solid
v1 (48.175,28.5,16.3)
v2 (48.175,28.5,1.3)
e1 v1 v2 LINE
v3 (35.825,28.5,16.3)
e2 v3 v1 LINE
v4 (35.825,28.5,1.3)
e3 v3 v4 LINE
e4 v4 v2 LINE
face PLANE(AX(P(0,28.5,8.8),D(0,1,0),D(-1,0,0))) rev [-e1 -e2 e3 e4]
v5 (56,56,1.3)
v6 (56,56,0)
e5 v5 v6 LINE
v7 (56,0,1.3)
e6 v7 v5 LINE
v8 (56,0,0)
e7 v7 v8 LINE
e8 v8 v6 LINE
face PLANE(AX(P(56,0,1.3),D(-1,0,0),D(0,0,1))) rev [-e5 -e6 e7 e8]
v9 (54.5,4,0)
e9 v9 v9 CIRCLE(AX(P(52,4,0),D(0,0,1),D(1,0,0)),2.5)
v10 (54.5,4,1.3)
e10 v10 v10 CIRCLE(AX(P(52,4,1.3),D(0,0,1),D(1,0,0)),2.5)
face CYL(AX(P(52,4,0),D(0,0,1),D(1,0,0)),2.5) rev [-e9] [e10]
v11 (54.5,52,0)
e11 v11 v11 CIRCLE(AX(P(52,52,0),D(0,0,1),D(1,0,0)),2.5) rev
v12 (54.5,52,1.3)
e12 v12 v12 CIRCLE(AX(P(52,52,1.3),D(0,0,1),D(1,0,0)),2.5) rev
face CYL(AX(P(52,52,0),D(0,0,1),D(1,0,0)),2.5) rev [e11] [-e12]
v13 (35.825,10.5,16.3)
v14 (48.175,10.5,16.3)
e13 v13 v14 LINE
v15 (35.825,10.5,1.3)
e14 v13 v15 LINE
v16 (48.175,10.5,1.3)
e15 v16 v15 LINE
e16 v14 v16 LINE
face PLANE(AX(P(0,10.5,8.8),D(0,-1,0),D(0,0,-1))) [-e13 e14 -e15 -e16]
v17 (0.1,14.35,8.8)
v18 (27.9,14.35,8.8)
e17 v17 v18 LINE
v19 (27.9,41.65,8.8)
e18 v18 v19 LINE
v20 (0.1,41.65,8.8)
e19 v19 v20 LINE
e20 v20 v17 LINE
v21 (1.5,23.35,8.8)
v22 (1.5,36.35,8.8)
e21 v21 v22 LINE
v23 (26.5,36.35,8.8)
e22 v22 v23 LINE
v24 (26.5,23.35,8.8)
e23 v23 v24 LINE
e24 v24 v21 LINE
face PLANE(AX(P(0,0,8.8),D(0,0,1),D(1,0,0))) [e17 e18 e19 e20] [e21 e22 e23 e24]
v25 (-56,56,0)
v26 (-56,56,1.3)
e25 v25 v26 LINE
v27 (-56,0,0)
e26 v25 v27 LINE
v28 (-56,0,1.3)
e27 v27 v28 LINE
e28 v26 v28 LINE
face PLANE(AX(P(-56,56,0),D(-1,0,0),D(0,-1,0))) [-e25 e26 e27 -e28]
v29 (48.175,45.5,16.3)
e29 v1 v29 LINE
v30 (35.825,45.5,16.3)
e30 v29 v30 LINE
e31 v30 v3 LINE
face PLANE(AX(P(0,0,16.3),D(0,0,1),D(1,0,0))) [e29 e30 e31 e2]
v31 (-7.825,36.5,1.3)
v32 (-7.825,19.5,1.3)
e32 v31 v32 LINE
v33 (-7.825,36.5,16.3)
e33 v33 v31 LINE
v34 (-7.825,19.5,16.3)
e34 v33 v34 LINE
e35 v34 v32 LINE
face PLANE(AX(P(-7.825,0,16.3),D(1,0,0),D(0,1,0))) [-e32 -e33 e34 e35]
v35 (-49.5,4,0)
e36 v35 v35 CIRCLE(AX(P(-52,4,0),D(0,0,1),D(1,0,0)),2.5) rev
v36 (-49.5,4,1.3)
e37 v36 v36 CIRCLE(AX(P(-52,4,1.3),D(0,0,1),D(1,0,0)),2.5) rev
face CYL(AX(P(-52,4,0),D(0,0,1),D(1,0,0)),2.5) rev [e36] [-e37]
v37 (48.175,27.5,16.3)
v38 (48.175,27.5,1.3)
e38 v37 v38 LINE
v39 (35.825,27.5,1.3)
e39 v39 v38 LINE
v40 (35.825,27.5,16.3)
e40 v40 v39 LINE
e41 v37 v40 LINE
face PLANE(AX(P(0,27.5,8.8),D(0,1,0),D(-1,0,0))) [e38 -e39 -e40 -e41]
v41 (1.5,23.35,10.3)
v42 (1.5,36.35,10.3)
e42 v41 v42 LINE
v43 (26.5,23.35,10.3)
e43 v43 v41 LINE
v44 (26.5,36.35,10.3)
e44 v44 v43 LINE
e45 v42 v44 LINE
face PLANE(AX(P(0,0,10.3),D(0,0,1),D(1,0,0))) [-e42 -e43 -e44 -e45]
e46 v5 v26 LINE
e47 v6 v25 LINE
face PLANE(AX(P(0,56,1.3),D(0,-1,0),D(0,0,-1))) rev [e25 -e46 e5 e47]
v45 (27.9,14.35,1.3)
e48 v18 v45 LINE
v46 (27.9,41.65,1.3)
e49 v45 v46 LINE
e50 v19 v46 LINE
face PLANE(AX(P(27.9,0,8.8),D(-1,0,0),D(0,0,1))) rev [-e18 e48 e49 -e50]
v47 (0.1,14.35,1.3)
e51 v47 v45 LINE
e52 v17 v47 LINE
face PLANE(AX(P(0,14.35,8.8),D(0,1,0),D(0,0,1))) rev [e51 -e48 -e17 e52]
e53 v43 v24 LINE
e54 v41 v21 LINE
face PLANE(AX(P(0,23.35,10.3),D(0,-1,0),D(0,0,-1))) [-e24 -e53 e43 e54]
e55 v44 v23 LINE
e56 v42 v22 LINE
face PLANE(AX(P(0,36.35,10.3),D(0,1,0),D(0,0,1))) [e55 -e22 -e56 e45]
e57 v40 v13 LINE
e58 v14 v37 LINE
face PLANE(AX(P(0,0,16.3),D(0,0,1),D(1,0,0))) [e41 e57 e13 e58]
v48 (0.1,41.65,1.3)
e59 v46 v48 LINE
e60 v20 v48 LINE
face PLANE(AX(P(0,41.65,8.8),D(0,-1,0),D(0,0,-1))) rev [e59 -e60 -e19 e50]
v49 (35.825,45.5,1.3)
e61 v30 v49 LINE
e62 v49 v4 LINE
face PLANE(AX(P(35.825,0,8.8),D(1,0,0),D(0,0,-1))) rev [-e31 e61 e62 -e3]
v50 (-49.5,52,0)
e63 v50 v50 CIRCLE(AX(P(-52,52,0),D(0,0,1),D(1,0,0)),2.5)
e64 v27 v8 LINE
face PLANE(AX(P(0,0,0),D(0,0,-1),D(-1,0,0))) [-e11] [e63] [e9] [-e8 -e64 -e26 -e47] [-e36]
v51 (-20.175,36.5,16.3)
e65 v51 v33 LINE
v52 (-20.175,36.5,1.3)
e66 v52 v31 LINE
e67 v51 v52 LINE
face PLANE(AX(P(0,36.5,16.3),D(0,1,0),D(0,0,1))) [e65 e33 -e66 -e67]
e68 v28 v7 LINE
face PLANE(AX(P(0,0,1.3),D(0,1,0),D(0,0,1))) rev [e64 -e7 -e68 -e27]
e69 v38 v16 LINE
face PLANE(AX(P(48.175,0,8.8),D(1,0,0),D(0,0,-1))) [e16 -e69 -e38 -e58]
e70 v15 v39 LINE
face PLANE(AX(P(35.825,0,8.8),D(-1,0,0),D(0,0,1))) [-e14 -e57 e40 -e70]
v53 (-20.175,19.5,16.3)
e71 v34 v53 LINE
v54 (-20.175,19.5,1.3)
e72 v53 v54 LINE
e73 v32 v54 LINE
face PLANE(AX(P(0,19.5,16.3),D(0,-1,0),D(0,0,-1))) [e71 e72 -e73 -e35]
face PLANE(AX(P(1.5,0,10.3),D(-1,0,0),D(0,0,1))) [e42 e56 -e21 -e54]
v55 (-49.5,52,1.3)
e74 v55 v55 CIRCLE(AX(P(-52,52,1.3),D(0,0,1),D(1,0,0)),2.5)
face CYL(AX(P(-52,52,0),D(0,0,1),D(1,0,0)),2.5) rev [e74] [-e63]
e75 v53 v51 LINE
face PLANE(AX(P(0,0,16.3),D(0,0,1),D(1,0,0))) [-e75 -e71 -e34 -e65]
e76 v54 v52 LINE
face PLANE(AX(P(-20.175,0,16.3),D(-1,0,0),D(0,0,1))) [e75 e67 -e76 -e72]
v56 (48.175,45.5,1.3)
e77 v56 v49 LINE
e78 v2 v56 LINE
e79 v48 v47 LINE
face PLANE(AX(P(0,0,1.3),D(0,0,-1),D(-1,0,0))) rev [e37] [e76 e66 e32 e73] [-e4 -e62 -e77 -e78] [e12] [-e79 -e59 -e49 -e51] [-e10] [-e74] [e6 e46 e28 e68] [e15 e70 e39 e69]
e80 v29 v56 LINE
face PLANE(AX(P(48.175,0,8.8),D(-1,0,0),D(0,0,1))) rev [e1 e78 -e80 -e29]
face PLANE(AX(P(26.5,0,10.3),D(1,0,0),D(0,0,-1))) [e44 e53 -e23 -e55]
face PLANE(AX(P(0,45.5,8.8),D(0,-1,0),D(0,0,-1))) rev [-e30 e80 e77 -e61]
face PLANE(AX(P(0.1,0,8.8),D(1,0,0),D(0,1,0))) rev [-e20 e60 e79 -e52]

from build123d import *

# Parameters (mm, degrees)
SKETCH1_W           = 56
SKETCH1_H           = 56
BOSS_EXTRUDE1_DEPTH = 1.3
SKETCH2_W           = 6.175
SKETCH2_H           = 17
BOSS_EXTRUDE2_DEPTH = 7.5
SKETCH3_W           = 12.35
SKETCH3_H           = 17
BOSS_EXTRUDE3_DEPTH = 7.5
BOSS_EXTRUDE4_DEPTH = 1.5
SKETCH5_W           = 56
SKETCH5_H           = 56
BOSS_EXTRUDE5_DEPTH = 1.3
SKETCH7_R           = 2.5
CUT_EXTRUDE1_DEPTH  = 1.3
SKETCH8_W           = 6.175
SKETCH8_H           = 8.5
BOSS_EXTRUDE6_DEPTH = 15


with BuildPart() as part:
    # Sketch1 → Boss-Extrude1 (new body)
    with BuildSketch(Plane.XY):
        with Locations((28, 28)):
            Rectangle(SKETCH1_W, SKETCH1_H)
    extrude(amount=BOSS_EXTRUDE1_DEPTH)

    # Sketch2 → Boss-Extrude2 (add)
    with BuildSketch(Plane.XY.offset(1.3)):
        Polygon((14, 28), (14, 41.65), (0.1, 41.65), (0.1, 14.35), (14, 14.35), align=None)
        Polygon((27.9, 41.65), (14, 41.65), (14, 28), (14, 14.35), (27.9, 14.35), align=None)
        with Locations((38.9125, 37)):
            Rectangle(SKETCH2_W, SKETCH2_H)
        with Locations((45.0875, 37)):
            Rectangle(SKETCH2_W, SKETCH2_H)
        with Locations((45.0875, 19)):
            Rectangle(SKETCH2_W, SKETCH2_H)
        with Locations((38.9125, 19)):
            Rectangle(SKETCH2_W, SKETCH2_H)
    extrude(amount=BOSS_EXTRUDE2_DEPTH)

    # Sketch3 → Boss-Extrude3 (add)
    with BuildSketch(Plane.XY.offset(8.8)):
        with Locations((42, 37)):
            Rectangle(SKETCH3_W, SKETCH3_H)
        with Locations((42, 19)):
            Rectangle(SKETCH3_W, SKETCH3_H)
    extrude(amount=BOSS_EXTRUDE3_DEPTH)

    # Sketch4 → Boss-Extrude4 (add)
    with BuildSketch(Plane.XY.offset(8.8)):
        Polygon((26.5, 23.35), (14, 23.35), (1.5, 23.35), (1.5, 36.35), (26.5, 36.35), align=None)
    extrude(amount=BOSS_EXTRUDE4_DEPTH)

    # Sketch5 → Boss-Extrude5 (add)
    with BuildSketch(Plane.XY.offset(1.3)):
        with Locations((-28, 28)):
            Rectangle(SKETCH5_W, SKETCH5_H)
    extrude(amount=-BOSS_EXTRUDE5_DEPTH)

    # Sketch7 → Cut-Extrude1 (cut)
    with BuildSketch(Plane.XY.offset(1.3)):
        with Locations((-52, 52)):
            Circle(SKETCH7_R)
        with Locations((-52, 4)):
            Circle(SKETCH7_R)
        with Locations((52, 4)):
            Circle(SKETCH7_R)
        with Locations((52, 52)):
            Circle(SKETCH7_R)
    extrude(amount=-CUT_EXTRUDE1_DEPTH, mode=Mode.SUBTRACT)

    # Sketch8 → Boss-Extrude6 (add)
    with BuildSketch(Plane.XY.offset(1.3)):
        Polygon((-7.825, 36.5), (-14, 36.5), (-14, 28), (-14, 19.5), (-7.825, 19.5), align=None)
        with Locations((-17.0875, 32.25)):
            Rectangle(SKETCH8_W, SKETCH8_H)
        with Locations((-17.0875, 23.75)):
            Rectangle(SKETCH8_W, SKETCH8_H)
    extrude(amount=BOSS_EXTRUDE6_DEPTH)


solid = part.part
